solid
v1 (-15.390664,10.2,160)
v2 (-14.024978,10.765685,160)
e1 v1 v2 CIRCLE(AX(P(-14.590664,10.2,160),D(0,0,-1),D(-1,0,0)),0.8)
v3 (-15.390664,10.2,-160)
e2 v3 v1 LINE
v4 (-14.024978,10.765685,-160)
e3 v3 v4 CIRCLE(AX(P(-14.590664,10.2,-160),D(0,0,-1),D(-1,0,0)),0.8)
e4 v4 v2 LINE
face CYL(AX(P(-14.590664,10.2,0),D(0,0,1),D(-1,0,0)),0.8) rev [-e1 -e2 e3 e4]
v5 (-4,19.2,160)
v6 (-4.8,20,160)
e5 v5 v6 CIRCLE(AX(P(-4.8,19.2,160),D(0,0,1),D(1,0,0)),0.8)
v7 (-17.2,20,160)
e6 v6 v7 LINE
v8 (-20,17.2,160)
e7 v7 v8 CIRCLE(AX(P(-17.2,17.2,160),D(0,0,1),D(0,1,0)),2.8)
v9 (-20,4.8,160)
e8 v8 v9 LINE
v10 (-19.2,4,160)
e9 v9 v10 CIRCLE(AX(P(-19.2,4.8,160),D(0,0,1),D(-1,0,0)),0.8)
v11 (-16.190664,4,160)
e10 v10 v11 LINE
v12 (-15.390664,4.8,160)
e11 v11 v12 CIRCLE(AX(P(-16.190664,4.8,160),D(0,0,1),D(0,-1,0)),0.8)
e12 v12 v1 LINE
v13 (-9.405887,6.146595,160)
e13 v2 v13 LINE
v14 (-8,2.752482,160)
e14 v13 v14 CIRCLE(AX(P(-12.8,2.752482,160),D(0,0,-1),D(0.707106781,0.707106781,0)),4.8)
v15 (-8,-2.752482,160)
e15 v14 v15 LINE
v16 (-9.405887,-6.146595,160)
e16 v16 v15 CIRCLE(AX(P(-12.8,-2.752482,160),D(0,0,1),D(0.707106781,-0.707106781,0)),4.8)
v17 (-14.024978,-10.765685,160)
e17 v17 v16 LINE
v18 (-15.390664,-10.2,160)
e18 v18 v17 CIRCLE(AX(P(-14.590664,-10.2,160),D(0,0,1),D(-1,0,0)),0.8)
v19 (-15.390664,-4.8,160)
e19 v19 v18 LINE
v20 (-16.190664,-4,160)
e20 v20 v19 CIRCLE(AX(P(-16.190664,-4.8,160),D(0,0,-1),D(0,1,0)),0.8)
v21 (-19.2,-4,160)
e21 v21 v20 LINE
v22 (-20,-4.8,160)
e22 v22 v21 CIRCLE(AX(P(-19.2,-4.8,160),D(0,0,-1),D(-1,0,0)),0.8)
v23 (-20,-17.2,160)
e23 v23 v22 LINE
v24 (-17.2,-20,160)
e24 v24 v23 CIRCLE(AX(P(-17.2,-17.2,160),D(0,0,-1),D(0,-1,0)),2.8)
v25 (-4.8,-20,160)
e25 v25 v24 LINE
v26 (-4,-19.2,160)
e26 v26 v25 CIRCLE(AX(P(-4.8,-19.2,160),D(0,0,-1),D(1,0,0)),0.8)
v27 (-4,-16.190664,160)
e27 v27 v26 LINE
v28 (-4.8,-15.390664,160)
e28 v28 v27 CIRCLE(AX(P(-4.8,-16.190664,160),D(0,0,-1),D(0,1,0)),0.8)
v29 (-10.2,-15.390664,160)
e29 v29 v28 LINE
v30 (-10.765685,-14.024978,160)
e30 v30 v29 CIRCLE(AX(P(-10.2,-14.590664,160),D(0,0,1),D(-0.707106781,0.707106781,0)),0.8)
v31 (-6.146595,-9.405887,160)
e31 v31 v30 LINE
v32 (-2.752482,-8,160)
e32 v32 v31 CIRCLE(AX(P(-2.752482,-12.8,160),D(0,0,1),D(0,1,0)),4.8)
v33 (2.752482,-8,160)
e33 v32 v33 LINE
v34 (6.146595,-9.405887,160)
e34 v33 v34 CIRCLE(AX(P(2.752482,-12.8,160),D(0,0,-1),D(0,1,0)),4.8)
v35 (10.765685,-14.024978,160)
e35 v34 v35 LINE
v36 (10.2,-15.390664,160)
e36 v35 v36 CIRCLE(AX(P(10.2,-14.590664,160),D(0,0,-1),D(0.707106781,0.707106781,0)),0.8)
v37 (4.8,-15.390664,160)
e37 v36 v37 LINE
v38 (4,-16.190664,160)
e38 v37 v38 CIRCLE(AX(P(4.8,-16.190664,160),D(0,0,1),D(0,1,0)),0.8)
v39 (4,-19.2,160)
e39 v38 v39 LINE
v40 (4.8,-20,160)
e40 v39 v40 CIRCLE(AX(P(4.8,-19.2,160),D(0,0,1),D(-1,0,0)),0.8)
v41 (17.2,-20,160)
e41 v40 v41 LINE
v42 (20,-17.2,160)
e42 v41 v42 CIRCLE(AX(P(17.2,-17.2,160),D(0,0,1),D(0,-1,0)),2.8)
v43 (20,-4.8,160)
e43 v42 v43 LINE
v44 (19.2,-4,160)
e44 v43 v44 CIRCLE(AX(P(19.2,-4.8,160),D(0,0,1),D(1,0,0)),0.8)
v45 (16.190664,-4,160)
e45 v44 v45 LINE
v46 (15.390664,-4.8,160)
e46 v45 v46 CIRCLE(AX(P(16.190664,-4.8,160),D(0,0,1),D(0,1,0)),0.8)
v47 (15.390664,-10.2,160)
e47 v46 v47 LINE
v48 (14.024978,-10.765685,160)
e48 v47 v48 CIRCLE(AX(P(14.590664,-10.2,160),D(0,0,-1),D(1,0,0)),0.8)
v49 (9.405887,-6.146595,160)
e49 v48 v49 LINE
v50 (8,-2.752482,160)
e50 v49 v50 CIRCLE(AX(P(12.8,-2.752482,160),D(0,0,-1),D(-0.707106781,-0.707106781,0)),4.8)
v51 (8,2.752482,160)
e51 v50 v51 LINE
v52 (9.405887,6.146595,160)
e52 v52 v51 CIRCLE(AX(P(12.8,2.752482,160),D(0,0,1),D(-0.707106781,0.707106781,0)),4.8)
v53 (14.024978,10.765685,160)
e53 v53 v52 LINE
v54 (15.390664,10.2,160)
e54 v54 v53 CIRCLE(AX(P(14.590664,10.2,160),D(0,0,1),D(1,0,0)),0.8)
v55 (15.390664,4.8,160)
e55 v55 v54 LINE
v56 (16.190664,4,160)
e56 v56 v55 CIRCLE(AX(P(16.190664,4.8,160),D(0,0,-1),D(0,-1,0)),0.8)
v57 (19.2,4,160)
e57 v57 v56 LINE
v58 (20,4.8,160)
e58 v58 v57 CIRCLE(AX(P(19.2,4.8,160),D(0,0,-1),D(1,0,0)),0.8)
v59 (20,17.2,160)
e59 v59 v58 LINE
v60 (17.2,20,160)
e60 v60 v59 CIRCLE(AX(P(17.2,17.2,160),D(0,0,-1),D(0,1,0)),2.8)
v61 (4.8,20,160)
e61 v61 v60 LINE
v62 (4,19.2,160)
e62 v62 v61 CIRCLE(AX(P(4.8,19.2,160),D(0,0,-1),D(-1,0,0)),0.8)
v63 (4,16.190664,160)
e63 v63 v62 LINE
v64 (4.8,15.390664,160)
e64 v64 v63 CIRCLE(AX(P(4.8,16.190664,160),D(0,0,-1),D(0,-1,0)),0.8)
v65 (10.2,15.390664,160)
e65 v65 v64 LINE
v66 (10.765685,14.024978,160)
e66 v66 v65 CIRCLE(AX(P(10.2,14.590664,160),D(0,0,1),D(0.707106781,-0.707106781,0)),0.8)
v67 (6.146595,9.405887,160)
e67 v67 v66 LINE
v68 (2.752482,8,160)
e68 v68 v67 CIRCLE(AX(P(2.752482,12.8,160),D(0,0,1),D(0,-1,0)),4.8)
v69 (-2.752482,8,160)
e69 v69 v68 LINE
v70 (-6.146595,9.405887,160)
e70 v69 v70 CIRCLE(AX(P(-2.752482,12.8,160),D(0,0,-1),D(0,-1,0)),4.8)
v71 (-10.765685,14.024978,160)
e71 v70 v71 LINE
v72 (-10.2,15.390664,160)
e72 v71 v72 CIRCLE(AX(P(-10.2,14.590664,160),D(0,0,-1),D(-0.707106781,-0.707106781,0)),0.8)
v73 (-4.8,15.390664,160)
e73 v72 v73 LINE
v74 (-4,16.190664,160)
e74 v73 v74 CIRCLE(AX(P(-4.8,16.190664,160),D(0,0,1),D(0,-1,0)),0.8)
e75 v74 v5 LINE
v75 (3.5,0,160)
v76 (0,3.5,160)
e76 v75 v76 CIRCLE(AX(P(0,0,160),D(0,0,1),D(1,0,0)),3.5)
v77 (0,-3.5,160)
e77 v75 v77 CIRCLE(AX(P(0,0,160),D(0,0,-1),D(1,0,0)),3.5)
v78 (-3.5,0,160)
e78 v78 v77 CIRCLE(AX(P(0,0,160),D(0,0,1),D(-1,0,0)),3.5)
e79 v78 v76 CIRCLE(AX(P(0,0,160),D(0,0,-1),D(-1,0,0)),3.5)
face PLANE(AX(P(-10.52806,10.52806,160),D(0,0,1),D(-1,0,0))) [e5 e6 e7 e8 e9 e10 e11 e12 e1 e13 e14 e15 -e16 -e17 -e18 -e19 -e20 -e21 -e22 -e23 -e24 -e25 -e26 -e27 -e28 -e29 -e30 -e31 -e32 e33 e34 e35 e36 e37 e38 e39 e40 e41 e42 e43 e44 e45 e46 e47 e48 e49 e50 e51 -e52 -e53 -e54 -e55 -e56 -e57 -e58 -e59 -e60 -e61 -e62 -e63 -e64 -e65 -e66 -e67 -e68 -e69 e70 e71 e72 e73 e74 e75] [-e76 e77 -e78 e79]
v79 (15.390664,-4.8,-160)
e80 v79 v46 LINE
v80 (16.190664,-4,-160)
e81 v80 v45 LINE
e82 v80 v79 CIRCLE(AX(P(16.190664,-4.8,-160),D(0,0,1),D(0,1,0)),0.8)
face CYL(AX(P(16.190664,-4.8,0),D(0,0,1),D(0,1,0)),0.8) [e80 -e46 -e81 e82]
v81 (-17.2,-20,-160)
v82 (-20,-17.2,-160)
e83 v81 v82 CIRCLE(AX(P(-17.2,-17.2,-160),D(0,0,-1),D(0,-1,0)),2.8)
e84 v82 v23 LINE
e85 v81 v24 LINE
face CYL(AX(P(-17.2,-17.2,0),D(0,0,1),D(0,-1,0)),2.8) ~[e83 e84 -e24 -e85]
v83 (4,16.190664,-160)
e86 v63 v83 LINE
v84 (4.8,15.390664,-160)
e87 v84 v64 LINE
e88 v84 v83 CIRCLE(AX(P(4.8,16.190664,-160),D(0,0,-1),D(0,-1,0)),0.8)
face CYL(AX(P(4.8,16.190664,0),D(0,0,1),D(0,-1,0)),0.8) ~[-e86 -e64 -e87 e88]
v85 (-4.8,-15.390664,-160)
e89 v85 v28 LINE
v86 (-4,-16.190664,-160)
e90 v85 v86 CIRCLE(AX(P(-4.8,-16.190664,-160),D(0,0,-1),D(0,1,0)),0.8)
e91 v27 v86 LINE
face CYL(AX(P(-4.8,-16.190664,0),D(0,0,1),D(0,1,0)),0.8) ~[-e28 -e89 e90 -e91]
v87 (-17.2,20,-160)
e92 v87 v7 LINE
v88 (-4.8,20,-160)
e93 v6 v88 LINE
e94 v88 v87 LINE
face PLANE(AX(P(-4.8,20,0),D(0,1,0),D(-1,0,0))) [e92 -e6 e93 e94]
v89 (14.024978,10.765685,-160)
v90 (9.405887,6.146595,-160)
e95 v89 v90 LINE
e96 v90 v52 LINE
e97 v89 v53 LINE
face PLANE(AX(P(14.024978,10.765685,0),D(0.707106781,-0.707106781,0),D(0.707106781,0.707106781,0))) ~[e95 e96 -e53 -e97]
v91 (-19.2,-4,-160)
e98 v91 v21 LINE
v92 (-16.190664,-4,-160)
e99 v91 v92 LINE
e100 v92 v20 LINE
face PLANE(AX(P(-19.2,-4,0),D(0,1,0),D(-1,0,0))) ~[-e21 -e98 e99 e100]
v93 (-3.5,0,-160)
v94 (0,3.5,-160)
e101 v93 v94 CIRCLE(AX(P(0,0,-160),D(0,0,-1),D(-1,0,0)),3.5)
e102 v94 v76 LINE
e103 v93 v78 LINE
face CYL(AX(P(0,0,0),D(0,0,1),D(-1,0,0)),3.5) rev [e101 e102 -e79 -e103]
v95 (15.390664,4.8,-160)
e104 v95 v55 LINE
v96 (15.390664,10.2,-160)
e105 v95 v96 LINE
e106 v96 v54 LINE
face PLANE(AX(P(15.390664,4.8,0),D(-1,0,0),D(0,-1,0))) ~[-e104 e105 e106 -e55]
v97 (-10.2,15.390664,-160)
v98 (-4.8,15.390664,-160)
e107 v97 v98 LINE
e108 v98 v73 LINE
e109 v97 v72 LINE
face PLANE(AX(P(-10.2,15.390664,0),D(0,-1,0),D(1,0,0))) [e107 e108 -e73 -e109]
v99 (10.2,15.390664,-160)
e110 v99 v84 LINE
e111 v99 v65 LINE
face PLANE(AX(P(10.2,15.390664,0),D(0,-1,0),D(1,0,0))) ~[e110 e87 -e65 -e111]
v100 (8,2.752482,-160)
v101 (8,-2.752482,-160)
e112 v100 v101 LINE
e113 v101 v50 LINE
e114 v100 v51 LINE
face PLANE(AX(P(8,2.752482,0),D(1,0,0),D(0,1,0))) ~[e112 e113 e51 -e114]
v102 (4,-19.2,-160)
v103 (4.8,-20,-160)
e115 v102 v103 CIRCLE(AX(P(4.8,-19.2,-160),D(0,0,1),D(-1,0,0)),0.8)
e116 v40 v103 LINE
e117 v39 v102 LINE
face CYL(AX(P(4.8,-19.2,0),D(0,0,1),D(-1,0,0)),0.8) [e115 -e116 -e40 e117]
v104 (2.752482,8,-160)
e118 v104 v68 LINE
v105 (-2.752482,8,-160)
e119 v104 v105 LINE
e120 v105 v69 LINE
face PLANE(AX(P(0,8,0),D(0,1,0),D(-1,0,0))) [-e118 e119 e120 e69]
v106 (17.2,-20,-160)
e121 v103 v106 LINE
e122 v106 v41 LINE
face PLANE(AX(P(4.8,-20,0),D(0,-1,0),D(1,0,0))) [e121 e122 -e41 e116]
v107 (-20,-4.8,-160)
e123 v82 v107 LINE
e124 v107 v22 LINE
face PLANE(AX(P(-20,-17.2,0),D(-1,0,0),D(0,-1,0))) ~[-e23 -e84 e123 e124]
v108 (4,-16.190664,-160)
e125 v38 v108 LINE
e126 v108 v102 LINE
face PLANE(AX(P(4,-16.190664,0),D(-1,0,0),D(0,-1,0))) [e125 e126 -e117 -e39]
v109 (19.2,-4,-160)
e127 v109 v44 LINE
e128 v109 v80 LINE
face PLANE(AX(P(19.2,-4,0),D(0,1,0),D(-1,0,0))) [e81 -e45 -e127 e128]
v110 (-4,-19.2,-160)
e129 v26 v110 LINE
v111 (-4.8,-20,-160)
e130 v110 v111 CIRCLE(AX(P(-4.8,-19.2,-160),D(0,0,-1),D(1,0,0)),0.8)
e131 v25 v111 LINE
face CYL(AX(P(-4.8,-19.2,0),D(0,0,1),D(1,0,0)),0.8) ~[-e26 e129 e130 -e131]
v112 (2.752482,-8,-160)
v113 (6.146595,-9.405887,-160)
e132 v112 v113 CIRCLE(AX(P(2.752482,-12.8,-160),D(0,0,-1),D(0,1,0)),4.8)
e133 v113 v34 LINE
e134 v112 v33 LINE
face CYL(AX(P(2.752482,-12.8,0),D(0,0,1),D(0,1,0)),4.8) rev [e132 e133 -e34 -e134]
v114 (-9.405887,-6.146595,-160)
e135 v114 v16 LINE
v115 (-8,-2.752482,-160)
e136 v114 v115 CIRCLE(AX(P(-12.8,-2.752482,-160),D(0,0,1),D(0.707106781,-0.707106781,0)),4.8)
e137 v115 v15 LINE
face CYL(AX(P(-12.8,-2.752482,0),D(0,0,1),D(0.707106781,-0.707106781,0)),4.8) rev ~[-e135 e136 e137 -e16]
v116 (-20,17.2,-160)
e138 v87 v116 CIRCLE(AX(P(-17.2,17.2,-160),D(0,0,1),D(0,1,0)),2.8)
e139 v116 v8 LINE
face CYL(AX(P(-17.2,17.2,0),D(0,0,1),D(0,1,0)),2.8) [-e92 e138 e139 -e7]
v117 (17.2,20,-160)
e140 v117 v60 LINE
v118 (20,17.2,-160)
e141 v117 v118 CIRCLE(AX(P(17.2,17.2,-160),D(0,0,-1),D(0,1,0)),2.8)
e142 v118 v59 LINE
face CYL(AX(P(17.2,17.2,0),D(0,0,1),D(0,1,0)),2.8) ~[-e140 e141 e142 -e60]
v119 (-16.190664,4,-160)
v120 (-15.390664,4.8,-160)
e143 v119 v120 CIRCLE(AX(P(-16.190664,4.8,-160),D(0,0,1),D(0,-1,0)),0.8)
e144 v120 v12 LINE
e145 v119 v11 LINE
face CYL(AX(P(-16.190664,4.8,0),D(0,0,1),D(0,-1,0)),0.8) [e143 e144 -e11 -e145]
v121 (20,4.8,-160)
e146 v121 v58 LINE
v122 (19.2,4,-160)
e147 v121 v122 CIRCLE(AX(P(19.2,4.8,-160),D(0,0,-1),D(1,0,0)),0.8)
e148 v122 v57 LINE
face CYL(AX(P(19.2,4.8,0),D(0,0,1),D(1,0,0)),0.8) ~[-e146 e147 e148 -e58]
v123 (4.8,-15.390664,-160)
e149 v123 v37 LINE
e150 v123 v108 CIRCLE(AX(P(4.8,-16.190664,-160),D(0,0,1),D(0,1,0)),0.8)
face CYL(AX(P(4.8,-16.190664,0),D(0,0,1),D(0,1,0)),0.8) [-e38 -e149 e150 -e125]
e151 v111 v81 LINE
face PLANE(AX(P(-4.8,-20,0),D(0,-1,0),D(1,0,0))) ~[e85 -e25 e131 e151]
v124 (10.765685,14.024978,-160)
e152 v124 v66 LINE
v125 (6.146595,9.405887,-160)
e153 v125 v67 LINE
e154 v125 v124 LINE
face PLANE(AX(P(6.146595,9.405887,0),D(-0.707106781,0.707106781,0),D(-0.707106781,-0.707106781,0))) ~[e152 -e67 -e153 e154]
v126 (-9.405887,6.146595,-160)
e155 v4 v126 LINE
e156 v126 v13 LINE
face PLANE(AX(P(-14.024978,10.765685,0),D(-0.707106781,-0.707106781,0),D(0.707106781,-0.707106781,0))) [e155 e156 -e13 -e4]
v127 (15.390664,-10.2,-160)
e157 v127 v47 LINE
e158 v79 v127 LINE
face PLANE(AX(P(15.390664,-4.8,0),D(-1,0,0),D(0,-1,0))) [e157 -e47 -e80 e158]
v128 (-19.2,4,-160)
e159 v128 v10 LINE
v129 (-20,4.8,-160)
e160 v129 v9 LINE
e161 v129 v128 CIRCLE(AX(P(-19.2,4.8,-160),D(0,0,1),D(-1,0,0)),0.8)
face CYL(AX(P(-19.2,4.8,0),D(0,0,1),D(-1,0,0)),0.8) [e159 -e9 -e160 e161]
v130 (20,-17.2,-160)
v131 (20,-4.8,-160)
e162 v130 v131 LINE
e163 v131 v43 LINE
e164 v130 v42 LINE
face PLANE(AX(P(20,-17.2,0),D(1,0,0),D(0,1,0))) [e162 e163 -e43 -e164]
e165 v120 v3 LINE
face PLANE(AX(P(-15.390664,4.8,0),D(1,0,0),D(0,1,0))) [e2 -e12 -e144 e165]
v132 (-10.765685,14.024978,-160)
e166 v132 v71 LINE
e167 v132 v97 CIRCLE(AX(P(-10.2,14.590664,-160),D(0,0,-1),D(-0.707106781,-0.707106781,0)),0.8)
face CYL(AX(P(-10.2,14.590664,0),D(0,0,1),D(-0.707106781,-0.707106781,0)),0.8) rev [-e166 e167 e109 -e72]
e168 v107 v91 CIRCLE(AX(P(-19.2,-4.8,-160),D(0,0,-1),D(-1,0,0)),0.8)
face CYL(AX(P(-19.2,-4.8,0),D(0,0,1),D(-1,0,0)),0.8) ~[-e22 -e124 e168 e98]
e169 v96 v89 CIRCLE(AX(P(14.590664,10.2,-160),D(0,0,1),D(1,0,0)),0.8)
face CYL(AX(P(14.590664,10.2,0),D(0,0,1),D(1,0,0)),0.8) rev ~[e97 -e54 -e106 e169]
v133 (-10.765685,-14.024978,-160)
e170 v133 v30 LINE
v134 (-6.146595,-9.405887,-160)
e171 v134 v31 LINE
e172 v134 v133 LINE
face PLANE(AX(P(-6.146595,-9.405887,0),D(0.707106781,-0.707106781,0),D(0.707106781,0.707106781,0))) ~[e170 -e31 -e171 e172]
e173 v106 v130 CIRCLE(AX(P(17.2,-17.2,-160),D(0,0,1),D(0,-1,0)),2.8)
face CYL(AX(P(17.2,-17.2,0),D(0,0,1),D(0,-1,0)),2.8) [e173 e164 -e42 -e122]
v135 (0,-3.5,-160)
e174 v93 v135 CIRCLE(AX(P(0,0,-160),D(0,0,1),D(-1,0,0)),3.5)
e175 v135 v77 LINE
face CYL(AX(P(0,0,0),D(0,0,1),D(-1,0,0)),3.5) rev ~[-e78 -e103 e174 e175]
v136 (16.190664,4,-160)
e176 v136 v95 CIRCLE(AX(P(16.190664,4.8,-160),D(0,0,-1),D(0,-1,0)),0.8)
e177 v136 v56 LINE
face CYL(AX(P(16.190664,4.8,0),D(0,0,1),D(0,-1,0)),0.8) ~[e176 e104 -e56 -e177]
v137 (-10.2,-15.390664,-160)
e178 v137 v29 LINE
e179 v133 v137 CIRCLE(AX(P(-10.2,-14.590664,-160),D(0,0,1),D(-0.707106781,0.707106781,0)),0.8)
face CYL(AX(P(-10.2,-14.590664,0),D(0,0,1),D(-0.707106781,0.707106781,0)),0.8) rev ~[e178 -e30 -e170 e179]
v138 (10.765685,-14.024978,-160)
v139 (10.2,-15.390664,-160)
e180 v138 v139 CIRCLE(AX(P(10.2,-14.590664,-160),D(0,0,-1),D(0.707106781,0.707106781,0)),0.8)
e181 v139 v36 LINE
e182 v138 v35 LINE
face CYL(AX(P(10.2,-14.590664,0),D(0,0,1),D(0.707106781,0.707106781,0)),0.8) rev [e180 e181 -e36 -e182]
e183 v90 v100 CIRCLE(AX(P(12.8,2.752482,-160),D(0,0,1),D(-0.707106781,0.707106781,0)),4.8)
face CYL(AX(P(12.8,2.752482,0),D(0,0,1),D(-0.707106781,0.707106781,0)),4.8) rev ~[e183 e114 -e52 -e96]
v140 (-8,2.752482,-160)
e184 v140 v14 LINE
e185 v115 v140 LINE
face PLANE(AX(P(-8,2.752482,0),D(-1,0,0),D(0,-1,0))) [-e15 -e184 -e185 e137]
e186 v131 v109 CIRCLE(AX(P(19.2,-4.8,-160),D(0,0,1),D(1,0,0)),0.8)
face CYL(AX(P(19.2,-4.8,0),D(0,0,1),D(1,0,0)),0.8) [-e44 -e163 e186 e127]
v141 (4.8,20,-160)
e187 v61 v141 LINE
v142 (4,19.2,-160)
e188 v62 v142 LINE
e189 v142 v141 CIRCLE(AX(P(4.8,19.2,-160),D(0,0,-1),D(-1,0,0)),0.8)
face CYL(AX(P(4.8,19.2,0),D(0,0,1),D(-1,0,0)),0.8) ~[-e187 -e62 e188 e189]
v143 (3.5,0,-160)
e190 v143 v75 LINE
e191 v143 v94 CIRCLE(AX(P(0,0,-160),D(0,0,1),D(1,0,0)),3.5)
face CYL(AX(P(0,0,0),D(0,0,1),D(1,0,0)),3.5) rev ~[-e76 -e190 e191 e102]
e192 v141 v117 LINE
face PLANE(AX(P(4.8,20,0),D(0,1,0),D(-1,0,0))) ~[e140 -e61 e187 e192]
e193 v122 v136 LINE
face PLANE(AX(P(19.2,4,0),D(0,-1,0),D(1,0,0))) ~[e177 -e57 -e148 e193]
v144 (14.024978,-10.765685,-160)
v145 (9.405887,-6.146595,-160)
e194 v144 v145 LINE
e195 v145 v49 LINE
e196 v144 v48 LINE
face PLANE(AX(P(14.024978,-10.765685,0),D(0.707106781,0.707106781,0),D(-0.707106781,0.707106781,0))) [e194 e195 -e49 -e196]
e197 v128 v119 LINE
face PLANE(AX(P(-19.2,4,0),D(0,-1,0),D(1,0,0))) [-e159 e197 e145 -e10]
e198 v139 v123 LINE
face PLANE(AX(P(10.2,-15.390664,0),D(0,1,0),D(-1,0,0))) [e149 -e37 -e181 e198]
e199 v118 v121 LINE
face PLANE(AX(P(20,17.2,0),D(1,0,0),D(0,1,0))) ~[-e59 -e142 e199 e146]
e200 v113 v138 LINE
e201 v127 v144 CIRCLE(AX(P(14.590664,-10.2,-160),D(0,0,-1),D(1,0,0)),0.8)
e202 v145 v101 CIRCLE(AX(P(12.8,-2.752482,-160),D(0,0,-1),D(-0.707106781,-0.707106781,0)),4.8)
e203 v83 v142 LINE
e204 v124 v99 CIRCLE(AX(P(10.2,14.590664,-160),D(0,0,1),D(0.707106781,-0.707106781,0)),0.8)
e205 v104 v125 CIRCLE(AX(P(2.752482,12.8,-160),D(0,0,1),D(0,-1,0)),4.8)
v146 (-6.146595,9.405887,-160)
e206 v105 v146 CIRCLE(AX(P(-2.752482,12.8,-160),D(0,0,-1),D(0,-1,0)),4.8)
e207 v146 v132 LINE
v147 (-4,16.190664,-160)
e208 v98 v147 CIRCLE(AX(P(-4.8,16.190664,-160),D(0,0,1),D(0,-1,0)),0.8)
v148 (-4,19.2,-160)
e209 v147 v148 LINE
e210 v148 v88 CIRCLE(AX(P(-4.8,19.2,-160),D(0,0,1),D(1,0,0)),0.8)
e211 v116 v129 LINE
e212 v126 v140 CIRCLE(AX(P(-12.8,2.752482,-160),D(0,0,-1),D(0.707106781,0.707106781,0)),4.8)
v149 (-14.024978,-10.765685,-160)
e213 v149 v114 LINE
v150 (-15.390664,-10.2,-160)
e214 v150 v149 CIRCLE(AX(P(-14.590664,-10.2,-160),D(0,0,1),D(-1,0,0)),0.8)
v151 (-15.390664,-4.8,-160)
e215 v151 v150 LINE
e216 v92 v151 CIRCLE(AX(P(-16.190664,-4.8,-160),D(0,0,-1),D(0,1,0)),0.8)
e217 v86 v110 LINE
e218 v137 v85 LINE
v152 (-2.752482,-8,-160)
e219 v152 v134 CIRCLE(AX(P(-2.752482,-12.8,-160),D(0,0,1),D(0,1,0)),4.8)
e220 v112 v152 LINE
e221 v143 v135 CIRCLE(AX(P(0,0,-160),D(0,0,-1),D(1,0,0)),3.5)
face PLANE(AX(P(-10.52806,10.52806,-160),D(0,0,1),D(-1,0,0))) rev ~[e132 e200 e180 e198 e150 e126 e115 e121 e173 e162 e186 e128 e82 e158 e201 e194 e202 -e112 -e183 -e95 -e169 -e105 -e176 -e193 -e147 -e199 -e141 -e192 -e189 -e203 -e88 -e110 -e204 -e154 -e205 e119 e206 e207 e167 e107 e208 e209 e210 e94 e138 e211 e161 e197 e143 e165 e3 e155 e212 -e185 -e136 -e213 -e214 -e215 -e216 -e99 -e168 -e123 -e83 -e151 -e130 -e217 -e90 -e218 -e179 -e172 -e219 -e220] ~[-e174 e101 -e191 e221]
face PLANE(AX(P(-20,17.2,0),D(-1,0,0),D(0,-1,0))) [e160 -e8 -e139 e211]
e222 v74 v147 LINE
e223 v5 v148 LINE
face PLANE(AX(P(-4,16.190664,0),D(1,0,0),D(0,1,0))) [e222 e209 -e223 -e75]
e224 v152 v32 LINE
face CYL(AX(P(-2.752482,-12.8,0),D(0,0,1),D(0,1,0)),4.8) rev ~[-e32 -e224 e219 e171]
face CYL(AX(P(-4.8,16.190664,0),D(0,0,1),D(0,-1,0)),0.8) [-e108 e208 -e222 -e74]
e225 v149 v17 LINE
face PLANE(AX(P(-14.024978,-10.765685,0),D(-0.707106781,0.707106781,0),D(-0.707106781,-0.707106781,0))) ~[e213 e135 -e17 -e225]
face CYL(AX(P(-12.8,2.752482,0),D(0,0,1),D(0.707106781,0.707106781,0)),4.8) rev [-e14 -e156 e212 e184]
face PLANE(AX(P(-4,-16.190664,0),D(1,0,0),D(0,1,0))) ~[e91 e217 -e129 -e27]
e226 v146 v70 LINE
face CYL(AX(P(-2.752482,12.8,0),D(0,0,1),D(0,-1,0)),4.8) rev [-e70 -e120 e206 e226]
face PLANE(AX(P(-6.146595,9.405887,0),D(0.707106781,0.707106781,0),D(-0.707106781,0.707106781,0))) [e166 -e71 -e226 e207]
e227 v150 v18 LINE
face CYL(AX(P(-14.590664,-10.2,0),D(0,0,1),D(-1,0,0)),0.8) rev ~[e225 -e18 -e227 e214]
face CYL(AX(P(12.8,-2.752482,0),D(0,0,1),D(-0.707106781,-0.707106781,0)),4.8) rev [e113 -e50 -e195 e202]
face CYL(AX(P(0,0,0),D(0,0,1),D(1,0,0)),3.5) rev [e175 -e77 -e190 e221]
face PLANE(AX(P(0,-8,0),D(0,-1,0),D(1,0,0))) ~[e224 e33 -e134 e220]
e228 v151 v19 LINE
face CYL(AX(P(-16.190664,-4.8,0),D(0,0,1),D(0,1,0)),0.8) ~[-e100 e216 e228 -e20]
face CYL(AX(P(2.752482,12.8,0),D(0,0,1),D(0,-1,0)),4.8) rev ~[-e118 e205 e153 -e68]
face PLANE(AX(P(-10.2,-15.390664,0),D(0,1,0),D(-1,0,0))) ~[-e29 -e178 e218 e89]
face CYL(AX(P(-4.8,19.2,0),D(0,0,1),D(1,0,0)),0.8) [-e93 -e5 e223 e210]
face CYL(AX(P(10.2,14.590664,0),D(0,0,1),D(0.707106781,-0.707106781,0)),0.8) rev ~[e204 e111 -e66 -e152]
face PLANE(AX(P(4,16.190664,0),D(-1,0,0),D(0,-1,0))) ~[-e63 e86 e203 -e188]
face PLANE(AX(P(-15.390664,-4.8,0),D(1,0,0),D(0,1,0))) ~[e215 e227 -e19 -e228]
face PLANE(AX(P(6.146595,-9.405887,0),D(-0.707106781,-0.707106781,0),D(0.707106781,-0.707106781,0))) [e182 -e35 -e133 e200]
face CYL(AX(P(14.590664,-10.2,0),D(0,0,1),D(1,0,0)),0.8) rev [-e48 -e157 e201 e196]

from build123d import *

# Parameters (mm, degrees)
BOSS_EXTRUDE1_DEPTH = 160


with BuildPart() as part:
    # Sketch4 → Boss-Extrude1 (new body, symmetric)
    with BuildSketch(Plane.XY):
        with BuildLine():
            Line((4.8, -20), (17.2, -20))
            ThreePointArc((17.2, -20), (19.179898987, -19.179898987), (20, -17.2))
            Line((20, -17.2), (20, -4.8))
            ThreePointArc((20, -4.8), (19.765685425, -4.234314575), (19.2, -4))
            Line((19.2, -4), (16.190663761, -4))
            ThreePointArc((16.190663761, -4), (15.624978336, -4.234314575), (15.390663761, -4.8))
            Line((15.390663761, -4.8), (15.390663761, -10.2))
            ThreePointArc((15.390663761, -10.2), (14.896810507, -10.939103626), (14.024978336, -10.765685425))
            Line((14.024978336, -10.765685425), (9.40588745, -6.146594539))
            ThreePointArc((9.40588745, -6.146594539), (8.365378244, -4.589362465), (8, -2.752481989))
            Line((8, -2.752481989), (8, 0))
            Line((8, 0), (3.5, 0))
            ThreePointArc((3.5, 0), (2.474873734, -2.474873734), (0, -3.5))
            Line((0, -3.5), (0, -8))
            Line((0, -8), (2.752481989, -8))
            ThreePointArc((2.752481989, -8), (4.589362465, -8.365378244), (6.146594539, -9.40588745))
            Line((6.146594539, -9.40588745), (10.765685425, -14.024978336))
            ThreePointArc((10.765685425, -14.024978336), (10.939103626, -14.896810507), (10.2, -15.390663761))
            Line((10.2, -15.390663761), (4.8, -15.390663761))
            ThreePointArc((4.8, -15.390663761), (4.234314575, -15.624978336), (4, -16.190663761))
            Line((4, -16.190663761), (4, -19.2))
            ThreePointArc((4, -19.2), (4.234314575, -19.765685425), (4.8, -20))
        make_face()
    extrude(amount=BOSS_EXTRUDE1_DEPTH, both=True)

    # Mirror1: part across plane


with BuildPart() as part_1:
    add(part.part)
    add(part.part.mirror(Plane(origin=(0, 0, 0), x_dir=(0, 0, 1), z_dir=(1, 0, 0))))

    # Mirror2: part across plane


with BuildPart() as part_2:
    add(part_1.part)
    add(part_1.part.mirror(Plane.ZX))


solid = part_2.part
